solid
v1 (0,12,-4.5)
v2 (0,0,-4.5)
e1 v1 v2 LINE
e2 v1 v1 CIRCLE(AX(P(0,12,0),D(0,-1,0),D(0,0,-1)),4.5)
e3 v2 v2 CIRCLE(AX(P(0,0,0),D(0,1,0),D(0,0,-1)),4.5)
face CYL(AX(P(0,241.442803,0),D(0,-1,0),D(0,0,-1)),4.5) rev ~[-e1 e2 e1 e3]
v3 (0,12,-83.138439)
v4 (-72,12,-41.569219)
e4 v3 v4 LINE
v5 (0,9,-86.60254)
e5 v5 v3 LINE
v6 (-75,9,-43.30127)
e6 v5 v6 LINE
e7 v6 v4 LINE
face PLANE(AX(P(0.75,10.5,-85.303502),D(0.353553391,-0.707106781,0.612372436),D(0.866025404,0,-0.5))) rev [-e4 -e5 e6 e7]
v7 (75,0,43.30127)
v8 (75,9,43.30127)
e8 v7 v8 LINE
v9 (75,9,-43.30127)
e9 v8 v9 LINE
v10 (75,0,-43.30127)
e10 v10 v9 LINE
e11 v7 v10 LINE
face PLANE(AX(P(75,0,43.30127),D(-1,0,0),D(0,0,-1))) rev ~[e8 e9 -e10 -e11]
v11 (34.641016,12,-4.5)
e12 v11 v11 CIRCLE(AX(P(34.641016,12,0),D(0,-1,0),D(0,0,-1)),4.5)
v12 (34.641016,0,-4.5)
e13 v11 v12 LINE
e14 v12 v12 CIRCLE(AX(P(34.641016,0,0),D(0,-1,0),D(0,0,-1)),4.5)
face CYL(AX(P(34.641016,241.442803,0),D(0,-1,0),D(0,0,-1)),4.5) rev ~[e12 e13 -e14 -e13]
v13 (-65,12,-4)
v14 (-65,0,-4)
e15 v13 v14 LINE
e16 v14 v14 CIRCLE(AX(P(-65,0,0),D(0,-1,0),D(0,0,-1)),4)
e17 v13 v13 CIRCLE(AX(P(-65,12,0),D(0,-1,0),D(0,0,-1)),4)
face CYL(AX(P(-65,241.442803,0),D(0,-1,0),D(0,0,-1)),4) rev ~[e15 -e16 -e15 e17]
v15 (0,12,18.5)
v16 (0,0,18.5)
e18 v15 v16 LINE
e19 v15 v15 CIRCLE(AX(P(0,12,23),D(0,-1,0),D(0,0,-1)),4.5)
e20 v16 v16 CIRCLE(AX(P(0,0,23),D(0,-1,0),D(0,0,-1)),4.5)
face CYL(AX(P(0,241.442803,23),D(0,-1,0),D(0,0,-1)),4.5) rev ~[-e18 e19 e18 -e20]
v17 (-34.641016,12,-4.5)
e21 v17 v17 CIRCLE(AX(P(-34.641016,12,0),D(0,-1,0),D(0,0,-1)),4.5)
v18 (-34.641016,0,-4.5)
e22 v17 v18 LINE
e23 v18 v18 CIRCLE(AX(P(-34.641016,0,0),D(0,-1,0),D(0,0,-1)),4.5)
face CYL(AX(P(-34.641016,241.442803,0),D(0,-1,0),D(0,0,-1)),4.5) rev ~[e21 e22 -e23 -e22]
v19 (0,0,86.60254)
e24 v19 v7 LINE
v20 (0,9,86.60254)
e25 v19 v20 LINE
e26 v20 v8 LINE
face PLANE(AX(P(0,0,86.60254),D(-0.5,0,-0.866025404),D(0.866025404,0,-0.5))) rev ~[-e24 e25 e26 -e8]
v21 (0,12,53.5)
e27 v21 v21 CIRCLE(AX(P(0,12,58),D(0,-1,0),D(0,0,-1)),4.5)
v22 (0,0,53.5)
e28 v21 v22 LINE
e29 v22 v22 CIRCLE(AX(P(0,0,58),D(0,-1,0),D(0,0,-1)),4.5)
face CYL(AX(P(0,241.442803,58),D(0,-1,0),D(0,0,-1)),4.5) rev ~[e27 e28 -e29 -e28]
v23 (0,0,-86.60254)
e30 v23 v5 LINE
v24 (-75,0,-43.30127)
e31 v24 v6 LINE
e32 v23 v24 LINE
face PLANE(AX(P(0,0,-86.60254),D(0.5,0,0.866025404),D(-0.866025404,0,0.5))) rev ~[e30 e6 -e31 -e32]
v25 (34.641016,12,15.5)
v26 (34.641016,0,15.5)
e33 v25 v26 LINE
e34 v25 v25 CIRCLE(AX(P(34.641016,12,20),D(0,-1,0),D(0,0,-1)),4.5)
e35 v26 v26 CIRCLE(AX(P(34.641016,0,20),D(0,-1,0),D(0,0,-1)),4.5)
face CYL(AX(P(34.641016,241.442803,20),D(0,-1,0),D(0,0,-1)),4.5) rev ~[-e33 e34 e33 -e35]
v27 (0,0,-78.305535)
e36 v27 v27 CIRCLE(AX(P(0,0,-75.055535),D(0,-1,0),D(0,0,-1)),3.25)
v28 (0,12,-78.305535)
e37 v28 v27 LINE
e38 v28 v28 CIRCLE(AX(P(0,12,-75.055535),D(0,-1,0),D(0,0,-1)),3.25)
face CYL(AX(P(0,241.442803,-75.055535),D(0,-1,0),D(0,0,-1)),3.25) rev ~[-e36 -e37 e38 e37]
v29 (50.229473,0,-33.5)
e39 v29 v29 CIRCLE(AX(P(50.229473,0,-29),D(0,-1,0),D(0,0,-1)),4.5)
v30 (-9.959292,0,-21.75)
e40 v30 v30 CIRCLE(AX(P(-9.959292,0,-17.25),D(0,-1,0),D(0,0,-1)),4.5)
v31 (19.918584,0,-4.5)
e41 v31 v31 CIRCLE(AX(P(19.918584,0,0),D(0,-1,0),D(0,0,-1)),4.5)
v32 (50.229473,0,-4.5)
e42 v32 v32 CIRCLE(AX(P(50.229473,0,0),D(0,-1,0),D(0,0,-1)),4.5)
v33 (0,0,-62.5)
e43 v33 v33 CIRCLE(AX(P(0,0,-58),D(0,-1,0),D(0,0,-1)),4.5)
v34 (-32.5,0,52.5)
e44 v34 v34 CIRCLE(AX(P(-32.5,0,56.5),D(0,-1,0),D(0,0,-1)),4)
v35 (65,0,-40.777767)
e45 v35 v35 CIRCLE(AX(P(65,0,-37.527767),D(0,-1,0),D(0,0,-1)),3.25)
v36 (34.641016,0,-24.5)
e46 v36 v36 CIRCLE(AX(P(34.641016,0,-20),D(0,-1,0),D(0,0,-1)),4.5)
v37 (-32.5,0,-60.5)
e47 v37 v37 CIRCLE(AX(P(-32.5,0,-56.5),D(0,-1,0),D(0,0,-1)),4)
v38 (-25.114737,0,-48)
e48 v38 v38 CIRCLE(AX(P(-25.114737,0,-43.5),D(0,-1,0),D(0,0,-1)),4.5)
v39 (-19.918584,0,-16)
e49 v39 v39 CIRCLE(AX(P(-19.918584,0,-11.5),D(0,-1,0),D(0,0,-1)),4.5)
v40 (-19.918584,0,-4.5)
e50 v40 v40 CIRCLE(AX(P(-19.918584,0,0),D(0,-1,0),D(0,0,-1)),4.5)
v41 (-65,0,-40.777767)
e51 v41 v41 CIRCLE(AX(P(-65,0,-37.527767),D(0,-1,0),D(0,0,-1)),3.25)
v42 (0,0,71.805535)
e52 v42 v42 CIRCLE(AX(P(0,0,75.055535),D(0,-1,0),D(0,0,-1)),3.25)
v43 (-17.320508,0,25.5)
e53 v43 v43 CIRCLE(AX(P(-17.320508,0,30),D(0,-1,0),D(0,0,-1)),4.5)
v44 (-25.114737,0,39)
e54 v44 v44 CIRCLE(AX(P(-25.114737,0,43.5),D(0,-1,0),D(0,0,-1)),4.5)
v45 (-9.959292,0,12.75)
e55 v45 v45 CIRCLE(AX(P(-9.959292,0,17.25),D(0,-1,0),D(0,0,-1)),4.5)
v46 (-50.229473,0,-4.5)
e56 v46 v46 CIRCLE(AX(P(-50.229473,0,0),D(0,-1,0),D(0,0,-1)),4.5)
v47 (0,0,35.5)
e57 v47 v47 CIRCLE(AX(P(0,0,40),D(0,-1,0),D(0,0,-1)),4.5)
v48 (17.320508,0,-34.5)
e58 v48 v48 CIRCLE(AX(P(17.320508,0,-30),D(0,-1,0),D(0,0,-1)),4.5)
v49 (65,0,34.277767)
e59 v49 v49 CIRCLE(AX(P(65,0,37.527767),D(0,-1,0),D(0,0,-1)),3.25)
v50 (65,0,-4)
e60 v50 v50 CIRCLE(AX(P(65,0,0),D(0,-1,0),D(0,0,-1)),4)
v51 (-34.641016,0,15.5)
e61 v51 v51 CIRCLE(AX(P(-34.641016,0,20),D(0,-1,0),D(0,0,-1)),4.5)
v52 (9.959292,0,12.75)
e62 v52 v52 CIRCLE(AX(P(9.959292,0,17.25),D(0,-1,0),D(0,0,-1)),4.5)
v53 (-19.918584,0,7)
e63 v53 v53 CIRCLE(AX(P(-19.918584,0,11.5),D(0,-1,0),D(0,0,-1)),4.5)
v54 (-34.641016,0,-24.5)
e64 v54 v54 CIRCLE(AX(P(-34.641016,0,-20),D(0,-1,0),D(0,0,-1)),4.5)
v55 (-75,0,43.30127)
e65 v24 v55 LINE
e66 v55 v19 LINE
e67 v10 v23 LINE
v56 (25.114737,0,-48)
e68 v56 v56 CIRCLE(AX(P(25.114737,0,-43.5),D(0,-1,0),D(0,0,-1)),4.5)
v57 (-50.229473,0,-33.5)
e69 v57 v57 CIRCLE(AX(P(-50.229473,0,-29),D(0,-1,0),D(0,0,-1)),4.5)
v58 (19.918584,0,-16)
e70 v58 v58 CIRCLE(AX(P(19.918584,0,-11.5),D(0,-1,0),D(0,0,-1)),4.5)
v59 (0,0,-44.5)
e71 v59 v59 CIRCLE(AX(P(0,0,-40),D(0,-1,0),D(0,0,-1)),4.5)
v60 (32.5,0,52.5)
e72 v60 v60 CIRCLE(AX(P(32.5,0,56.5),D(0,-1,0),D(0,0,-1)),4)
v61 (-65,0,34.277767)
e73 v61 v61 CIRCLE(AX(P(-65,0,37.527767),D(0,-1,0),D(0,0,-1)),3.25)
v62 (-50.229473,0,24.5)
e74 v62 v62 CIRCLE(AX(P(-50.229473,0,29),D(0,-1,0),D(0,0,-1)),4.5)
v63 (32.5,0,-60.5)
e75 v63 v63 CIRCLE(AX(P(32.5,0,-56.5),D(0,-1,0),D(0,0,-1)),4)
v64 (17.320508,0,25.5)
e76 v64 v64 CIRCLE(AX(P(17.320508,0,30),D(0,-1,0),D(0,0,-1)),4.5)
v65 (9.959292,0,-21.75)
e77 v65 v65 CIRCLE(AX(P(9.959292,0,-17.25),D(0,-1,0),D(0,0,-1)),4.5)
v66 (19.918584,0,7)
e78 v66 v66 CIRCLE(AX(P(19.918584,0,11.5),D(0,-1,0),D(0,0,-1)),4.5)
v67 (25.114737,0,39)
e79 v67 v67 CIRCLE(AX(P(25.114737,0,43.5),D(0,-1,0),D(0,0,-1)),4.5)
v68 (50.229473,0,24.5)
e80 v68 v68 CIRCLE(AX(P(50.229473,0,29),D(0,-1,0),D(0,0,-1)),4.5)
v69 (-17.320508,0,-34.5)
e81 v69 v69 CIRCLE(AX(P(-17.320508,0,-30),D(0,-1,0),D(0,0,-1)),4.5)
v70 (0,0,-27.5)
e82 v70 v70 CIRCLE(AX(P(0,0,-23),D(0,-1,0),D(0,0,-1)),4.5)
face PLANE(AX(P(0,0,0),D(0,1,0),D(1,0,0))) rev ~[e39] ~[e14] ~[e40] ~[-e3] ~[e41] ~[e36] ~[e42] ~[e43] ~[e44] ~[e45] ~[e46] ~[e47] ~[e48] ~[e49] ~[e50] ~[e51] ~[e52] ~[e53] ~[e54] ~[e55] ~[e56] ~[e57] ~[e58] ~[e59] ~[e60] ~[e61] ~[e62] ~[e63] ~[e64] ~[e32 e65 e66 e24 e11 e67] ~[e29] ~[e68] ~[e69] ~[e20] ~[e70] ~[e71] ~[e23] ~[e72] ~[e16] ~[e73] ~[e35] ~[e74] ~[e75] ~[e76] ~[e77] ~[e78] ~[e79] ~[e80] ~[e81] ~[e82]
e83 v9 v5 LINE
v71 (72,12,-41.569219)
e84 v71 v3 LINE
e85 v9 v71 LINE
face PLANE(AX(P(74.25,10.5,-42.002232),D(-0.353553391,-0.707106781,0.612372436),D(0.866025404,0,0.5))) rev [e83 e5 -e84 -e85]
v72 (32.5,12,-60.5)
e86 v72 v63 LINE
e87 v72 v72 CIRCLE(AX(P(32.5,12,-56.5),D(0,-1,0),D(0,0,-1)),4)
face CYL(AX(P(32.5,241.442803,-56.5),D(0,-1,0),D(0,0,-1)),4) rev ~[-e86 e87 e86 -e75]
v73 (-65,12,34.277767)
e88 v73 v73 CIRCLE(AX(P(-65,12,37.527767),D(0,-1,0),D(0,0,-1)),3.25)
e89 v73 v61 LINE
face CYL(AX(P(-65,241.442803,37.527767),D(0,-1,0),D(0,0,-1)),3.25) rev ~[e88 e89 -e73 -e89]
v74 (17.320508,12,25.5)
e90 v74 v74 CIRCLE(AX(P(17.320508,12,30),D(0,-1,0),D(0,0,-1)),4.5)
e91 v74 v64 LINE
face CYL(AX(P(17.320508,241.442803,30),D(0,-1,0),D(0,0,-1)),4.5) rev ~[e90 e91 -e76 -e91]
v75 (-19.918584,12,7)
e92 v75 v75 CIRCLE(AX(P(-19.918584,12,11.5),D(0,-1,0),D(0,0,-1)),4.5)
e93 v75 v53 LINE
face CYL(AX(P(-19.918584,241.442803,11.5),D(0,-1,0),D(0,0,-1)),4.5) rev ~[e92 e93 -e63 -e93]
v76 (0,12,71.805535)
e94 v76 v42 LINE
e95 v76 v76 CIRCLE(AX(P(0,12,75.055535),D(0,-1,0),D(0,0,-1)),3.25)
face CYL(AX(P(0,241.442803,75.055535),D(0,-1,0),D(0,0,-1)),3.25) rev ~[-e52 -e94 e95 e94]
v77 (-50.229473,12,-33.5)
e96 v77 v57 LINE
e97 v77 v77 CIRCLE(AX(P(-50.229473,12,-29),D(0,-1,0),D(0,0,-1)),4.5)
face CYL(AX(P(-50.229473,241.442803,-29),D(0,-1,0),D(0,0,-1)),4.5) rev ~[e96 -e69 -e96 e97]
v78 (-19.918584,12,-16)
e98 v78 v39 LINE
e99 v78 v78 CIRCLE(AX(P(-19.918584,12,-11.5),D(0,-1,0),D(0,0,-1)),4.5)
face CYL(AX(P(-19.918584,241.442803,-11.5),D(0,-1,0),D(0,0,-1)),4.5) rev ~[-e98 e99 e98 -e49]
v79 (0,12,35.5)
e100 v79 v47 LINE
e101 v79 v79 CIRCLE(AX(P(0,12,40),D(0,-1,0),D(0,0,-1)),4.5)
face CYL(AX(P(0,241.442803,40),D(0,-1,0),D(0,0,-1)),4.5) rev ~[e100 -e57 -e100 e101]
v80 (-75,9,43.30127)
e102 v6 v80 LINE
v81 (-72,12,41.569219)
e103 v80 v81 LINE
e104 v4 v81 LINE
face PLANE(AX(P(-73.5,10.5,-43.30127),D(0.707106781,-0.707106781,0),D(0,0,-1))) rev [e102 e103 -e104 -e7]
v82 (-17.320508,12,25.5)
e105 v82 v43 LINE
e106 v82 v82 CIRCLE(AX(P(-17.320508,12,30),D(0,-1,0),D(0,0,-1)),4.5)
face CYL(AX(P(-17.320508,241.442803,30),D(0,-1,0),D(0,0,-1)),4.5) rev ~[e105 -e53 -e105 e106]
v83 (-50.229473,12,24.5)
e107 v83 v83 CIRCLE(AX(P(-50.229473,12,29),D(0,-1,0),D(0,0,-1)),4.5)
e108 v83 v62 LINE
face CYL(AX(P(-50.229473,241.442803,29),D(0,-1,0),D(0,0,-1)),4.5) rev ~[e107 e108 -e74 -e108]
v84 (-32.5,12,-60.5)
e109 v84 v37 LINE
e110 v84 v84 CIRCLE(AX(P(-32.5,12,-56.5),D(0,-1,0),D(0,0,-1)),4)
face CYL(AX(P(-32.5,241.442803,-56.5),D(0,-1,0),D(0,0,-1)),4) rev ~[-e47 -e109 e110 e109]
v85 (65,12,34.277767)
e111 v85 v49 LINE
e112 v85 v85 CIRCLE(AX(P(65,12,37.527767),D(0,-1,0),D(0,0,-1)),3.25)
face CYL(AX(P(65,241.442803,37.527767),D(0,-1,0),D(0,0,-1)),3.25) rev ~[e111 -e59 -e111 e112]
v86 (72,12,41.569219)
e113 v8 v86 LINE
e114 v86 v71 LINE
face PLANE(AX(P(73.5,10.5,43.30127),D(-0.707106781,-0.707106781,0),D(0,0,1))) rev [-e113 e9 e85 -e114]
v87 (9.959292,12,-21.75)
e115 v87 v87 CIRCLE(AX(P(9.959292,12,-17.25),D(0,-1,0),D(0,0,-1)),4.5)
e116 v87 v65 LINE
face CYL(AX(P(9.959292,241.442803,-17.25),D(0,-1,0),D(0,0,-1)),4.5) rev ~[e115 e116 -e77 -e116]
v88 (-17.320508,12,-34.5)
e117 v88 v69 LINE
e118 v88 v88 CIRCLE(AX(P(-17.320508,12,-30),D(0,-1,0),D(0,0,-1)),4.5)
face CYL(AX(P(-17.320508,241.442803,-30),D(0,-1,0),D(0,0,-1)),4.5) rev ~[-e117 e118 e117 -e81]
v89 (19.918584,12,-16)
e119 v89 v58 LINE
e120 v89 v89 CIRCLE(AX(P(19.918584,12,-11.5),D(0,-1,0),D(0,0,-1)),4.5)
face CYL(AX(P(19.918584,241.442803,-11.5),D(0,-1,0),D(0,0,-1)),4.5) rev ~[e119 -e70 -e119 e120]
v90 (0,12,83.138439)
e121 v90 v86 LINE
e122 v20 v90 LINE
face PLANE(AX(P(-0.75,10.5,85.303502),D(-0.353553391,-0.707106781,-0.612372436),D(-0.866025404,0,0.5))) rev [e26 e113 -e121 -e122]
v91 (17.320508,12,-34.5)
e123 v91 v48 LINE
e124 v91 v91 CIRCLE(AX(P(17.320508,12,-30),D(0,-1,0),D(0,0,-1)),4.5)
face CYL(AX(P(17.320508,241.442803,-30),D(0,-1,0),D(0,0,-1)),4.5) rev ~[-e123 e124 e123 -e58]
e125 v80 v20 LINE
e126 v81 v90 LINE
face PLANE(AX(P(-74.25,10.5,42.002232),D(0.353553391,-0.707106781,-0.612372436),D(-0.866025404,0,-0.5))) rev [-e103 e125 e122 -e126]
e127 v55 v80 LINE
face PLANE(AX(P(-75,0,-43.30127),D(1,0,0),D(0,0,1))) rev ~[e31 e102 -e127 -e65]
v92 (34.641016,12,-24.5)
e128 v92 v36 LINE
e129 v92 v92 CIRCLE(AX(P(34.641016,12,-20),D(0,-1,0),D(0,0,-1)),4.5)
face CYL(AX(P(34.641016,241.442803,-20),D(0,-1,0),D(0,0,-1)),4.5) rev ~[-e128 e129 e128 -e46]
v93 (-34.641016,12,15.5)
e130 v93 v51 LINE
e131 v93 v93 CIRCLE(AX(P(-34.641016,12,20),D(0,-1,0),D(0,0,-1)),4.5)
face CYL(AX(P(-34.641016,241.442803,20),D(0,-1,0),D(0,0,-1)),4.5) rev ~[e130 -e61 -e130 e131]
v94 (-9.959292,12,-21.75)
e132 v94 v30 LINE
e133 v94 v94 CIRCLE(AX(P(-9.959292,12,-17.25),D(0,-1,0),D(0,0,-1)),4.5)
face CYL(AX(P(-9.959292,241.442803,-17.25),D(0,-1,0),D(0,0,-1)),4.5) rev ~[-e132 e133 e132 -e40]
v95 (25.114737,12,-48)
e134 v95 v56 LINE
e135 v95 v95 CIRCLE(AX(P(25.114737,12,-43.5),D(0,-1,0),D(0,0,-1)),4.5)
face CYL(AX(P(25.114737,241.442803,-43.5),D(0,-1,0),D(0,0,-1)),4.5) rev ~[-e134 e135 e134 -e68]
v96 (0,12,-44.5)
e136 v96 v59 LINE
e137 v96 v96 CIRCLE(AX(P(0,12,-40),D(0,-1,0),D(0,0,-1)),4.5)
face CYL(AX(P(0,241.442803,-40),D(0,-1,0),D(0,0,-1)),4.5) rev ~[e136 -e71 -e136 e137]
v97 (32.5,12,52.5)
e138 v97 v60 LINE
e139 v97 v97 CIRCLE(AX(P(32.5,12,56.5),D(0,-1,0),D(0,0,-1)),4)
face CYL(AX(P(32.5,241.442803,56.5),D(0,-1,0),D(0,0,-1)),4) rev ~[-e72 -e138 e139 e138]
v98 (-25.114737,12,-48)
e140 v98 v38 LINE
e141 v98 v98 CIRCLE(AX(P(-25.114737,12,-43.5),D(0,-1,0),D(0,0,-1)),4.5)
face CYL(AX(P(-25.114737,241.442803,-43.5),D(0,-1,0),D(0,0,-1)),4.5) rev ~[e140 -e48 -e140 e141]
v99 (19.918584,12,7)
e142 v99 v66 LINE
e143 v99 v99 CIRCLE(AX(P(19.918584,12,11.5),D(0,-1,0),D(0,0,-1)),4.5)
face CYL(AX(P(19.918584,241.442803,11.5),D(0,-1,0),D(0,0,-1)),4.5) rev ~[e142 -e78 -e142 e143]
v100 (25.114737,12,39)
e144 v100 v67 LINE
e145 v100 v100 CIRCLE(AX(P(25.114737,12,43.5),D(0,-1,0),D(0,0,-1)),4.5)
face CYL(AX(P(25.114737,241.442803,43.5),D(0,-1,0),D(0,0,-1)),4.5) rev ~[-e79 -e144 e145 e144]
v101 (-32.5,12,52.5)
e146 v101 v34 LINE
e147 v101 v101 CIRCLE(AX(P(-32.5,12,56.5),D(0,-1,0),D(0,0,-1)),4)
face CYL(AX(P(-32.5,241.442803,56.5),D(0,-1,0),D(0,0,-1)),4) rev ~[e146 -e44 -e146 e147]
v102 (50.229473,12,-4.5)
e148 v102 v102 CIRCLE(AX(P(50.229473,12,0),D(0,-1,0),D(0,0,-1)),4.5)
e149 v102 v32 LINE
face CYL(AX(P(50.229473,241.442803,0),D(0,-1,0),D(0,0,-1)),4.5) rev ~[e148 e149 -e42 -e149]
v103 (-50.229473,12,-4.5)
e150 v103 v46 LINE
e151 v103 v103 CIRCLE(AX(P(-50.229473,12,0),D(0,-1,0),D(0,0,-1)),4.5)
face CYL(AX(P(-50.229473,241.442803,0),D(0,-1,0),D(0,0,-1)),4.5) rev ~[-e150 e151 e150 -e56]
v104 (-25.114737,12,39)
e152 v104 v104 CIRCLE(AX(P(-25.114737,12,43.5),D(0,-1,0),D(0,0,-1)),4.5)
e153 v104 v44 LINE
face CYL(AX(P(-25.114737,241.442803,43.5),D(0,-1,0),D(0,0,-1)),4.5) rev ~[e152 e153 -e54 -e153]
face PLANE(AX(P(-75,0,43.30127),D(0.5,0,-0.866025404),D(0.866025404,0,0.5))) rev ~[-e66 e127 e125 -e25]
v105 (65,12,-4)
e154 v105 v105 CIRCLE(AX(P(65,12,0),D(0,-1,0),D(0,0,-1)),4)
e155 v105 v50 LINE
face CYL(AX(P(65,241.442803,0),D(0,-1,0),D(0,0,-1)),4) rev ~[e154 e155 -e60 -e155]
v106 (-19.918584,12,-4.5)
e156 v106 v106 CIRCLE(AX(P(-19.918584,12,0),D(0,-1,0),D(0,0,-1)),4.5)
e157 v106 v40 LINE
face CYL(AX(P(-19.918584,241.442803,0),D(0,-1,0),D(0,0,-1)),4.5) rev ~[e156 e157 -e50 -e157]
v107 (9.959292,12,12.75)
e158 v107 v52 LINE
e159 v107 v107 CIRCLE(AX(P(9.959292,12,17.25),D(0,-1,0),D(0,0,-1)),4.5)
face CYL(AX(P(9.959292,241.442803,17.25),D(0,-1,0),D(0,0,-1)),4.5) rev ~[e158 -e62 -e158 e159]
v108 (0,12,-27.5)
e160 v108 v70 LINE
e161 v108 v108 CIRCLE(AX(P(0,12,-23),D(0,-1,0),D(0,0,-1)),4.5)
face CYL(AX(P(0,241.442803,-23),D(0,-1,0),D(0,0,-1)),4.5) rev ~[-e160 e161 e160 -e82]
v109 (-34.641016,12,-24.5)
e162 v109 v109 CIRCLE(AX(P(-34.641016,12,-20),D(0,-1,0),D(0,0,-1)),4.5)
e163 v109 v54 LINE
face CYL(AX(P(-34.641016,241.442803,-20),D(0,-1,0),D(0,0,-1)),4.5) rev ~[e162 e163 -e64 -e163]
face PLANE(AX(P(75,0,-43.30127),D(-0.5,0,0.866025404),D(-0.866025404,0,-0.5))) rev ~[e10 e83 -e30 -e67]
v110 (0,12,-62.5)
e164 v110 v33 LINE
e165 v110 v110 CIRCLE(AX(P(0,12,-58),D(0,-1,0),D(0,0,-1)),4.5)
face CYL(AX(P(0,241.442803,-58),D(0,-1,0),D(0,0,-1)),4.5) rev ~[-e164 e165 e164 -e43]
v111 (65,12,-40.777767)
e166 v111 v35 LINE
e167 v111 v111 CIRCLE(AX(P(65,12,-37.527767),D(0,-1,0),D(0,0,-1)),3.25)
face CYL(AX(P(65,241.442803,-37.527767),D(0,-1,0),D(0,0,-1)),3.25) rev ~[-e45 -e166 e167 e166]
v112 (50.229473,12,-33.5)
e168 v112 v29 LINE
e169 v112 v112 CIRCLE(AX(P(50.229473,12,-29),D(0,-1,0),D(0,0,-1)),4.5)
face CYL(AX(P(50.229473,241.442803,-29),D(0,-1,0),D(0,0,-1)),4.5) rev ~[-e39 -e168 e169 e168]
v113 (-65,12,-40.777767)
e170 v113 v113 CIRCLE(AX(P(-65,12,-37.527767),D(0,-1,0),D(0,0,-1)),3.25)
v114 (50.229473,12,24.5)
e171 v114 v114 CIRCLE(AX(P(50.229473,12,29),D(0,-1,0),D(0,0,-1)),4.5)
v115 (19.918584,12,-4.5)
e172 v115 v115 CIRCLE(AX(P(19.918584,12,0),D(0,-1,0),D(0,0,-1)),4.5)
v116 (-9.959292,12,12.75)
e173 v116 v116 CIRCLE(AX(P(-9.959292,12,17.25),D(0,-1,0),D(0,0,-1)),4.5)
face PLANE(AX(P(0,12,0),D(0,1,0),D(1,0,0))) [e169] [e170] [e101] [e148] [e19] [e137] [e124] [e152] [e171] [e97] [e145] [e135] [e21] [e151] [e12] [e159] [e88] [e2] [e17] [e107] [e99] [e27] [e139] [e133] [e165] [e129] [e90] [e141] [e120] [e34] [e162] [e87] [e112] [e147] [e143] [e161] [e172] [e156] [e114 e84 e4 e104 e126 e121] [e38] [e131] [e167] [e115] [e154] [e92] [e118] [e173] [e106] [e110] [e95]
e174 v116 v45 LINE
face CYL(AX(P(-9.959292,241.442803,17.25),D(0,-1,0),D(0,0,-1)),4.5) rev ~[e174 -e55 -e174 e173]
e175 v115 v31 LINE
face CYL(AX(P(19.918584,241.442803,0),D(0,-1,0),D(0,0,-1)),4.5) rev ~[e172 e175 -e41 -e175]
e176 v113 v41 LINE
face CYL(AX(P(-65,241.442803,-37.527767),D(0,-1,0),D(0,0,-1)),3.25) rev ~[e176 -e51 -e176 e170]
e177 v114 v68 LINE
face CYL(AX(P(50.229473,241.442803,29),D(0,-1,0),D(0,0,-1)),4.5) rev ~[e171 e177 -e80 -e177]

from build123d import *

# Parameters (mm, degrees)
EXTRUDE_2_DEPTH       = 12
CHAMFER_1_SIZE        = 3
F_6_0MM_1_D           = 6.5
F_8_0MM_1_D           = 8
F_6_0MM_2_D           = 9
F_6_0MM_2_ON_FACE_2_D = 9
F_6_0MM_3_D           = 9


with BuildPart() as part:
    # 草圖2 → 填料-伸長2 (new body)
    with BuildSketch(Plane(origin=(0, 0, 0), x_dir=(1, 0, 0), z_dir=(0, 1, 0))):
        Polygon((0, 86.602540378), (-75, 43.301270189), (-75, -43.301270189), (0, -86.602540378), (75, -43.301270189), (75, 43.301270189), align=None)
    extrude(amount=EXTRUDE_2_DEPTH)

    # 導角1
    chamfer_1_edges = [part.edges().sort_by_distance(p)[0] for p in [
        (-75, 12, 0),
        (-37.5, 12, 64.951905284),
        (37.5, 12, 64.951905284),
        (75, 12, 0),
        (37.5, 12, -64.951905284),
        (-37.5, 12, -64.951905284),
    ]]
    chamfer(chamfer_1_edges, length=CHAMFER_1_SIZE)

    # Ø6.0mm 定位孔1 (through all)
    with Locations(Plane(origin=(-65, 12, 37.527767497), x_dir=(0, 0, 1), z_dir=(0, 1, 0))):
        with Locations((0, 0), (-75.055534994, 0), (-112.583302492, 65), (-75.055534994, 130), (37.527767498, 65), (0, 130)):
            Hole(F_6_0MM_1_D / 2)

    # Ø8.0mm 定位孔1 (through all)
    with Locations(Plane(origin=(-65, 12, 0), x_dir=(0, 0, 1), z_dir=(0, 1, 0))):
        with Locations((0, 0), (56.5, 32.5), (56.5, 97.5), (-56.5, 97.5), (-56.5, 32.5), (0, 130)):
            Hole(F_8_0MM_1_D / 2)

    # Ø6.0mm 定位孔2 (through all)
    with Locations(Plane(origin=(-50.229473419, 12, -29), x_dir=(0, 0, 1), z_dir=(0, 1, 0))):
        with Locations((0, 0), (-14.5, 25.114736709), (-29, 50.229473419), (0, 100.458946838), (29, 100.458946838), (72.5, 75.344210129), (87, 50.229473419), (72.5, 25.114736709), (58, 0), (29, 0), (-11, 50.229473419), (9, 84.87048957), (-1, 67.549981495), (-1, 32.908965343), (9, 15.588457268), (17.5, 30.310889132), (11.75, 40.270181275), (6, 50.229473419), (11.75, 60.188765563), (17.5, 70.148057706), (29, 70.148057706), (46.25, 60.188765563), (52, 50.229473419), (46.25, 40.270181275), (40.5, 30.310889132), (49, 15.588457268), (29, 15.588457268), (59, 32.908965343), (69, 50.229473419), (59, 67.549981495), (49, 84.87048957), (29, 84.87048957), (29, 50.229473419)):
            Hole(F_6_0MM_2_D / 2)

    # Ø6.0mm 定位孔2 on face 2 (through all)
    with Locations(Plane(origin=(0, 0, 0), x_dir=(0, 0, -1), z_dir=(0, -1, 0))):
        with Locations((0, 0)):
            Hole(F_6_0MM_2_ON_FACE_2_D / 2)

    # Ø6.0mm 定位孔3 (through all)
    with Locations(Plane(origin=(25.11473671, 12, -43.5), x_dir=(0, 0, 1), z_dir=(0, 1, 0))):
        with Locations((0, 0), (72.5, 25.114736709), (55, -5.196152423), (43.5, -45.033320997)):
            Hole(F_6_0MM_3_D / 2)


solid = part.part
